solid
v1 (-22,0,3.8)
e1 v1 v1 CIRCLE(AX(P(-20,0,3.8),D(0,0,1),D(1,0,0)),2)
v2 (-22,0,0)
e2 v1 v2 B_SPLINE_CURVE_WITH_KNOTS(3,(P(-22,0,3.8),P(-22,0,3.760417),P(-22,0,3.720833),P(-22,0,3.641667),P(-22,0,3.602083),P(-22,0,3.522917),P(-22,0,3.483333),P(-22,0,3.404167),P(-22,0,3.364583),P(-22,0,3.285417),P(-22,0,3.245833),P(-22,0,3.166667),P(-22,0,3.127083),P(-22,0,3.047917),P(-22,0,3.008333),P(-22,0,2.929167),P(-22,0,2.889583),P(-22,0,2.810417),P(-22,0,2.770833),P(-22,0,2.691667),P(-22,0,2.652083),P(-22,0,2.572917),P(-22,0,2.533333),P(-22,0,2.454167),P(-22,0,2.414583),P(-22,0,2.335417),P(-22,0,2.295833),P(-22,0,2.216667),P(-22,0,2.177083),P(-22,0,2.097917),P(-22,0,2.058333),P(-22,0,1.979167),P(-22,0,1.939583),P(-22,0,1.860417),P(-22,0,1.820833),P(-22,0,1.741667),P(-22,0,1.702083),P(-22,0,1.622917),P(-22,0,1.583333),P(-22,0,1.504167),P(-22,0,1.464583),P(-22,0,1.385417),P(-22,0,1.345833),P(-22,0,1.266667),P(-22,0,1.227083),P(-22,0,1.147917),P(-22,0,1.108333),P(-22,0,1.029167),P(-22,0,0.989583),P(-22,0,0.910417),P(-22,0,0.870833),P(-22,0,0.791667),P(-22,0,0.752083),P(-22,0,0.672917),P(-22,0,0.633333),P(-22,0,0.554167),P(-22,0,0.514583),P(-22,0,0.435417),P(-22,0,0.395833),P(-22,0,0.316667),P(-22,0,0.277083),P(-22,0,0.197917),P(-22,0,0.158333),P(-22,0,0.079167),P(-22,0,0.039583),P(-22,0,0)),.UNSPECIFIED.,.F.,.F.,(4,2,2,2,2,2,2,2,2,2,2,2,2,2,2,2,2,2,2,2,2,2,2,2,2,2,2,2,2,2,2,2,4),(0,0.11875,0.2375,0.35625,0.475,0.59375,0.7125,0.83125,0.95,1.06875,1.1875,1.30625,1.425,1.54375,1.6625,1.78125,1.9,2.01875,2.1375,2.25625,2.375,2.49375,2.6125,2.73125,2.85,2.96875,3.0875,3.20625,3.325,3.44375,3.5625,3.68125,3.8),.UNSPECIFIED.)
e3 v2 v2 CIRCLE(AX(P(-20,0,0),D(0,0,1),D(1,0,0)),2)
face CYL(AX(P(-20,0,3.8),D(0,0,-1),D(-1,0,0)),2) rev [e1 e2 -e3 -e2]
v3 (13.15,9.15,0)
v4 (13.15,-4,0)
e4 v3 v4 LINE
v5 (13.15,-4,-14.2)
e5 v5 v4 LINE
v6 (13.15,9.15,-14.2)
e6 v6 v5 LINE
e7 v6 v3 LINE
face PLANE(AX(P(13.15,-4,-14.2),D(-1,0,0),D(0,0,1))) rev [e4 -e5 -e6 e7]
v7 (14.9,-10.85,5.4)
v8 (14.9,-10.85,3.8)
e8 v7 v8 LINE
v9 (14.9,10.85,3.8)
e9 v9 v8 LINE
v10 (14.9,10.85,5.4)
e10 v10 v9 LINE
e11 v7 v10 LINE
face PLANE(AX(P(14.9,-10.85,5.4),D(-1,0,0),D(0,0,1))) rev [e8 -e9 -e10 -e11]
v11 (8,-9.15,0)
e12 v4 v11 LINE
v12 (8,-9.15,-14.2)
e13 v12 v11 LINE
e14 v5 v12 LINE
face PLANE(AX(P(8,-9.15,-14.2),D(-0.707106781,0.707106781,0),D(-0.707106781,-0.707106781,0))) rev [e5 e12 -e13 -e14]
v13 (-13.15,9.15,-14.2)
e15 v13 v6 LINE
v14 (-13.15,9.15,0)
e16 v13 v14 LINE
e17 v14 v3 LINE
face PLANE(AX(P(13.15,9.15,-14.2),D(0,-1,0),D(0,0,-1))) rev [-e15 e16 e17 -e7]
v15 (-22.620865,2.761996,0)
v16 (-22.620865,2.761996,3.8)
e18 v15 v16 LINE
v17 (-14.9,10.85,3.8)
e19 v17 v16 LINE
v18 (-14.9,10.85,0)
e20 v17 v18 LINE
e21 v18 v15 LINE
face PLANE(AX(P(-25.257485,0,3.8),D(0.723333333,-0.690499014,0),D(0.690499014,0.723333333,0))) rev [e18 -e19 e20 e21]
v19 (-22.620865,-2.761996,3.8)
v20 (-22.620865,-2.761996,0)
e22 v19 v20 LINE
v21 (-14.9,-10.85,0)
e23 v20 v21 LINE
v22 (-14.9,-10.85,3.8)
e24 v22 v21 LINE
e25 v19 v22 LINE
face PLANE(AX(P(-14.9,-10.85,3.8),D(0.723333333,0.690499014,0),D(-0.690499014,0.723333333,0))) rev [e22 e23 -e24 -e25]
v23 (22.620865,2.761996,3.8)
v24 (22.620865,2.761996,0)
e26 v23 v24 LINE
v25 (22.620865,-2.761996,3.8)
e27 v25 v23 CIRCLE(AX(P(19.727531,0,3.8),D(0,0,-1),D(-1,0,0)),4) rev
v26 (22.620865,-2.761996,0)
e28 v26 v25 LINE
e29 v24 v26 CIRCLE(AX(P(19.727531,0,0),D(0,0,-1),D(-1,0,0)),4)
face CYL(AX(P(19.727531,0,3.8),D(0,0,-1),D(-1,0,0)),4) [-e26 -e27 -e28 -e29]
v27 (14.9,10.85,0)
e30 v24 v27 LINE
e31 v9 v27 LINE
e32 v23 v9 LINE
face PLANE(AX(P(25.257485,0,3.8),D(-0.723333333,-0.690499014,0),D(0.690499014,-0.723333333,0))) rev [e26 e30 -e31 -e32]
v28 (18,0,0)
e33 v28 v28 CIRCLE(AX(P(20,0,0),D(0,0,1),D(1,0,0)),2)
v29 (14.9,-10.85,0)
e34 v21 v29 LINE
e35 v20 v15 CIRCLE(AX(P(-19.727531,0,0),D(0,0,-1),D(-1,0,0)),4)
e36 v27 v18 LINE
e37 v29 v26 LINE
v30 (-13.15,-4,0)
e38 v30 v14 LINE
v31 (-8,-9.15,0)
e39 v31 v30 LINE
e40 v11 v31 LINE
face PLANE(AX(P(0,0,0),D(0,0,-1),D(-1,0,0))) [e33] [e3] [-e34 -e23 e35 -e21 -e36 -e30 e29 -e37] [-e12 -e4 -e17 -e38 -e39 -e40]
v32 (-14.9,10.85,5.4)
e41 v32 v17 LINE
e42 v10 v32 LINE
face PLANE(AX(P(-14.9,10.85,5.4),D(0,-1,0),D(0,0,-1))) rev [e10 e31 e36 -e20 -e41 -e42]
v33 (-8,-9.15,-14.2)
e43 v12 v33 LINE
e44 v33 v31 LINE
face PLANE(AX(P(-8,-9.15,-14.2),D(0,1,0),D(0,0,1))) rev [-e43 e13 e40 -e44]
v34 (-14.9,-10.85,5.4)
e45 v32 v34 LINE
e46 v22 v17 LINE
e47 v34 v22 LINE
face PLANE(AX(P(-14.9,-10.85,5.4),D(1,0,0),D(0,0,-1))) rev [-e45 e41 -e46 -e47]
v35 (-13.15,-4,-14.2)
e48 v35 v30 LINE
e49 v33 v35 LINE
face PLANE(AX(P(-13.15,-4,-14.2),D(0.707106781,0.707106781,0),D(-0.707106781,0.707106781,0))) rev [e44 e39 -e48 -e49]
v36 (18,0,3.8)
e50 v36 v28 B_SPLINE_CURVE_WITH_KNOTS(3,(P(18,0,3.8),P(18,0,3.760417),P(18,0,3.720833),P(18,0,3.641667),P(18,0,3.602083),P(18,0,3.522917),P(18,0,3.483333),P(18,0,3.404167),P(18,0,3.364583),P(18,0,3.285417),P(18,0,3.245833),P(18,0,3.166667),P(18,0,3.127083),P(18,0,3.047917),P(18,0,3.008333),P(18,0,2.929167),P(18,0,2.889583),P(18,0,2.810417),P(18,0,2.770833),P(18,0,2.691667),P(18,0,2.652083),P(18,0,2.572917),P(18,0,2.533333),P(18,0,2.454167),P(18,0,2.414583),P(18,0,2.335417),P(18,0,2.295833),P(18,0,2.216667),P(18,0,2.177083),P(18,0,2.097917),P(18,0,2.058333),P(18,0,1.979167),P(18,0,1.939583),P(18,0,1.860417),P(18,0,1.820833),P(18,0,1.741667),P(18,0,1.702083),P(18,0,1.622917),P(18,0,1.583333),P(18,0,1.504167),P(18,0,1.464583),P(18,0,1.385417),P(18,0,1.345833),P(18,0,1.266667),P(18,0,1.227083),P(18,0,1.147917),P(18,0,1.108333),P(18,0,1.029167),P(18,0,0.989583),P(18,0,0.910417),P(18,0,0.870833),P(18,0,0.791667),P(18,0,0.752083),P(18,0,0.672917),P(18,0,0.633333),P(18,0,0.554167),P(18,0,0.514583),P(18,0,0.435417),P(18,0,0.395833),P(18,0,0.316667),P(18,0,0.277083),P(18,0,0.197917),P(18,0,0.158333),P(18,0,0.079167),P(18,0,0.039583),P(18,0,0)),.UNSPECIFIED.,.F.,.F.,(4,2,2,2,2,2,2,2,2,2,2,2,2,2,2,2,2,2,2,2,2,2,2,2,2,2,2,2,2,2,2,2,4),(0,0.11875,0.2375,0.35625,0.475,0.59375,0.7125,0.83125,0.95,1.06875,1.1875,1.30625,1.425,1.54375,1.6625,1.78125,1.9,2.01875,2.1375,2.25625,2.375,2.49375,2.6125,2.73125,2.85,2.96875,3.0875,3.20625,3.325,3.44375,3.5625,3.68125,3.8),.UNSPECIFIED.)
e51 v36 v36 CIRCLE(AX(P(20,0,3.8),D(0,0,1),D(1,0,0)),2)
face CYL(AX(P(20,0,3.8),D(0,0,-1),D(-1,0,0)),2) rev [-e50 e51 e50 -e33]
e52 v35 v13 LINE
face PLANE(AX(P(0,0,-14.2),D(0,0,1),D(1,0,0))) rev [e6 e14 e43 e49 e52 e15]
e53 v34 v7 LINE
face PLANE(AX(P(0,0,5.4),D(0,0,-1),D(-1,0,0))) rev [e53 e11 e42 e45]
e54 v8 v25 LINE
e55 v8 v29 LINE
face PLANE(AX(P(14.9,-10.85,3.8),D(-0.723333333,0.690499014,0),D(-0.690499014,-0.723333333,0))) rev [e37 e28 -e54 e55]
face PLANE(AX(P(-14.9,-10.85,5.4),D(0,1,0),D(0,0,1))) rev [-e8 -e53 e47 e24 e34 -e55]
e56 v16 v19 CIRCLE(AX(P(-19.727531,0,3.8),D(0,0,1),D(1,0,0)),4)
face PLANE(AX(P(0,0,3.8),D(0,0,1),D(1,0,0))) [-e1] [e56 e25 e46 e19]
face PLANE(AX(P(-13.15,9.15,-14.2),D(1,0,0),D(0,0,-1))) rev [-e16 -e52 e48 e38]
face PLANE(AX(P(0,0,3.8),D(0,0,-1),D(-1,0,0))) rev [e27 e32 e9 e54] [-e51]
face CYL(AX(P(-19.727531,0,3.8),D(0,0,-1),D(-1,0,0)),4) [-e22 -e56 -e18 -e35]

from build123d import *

# Parameters (mm, degrees)
SKETCH1_W           = 29.8
SKETCH1_H           = 21.7
BOSS_EXTRUDE1_DEPTH = 5.4
SKETCH2_R           = 2
BOSS_EXTRUDE2_DEPTH = 3.8
FILLET1_R           = 4
BOSS_EXTRUDE3_DEPTH = 14.2


with BuildPart() as part:
    # Sketch1 → Boss-Extrude1 (new body)
    with BuildSketch(Plane.XY):
        Rectangle(SKETCH1_W, SKETCH1_H)
    extrude(amount=BOSS_EXTRUDE1_DEPTH)

    # Sketch2 → Boss-Extrude2 (add)
    # profile 1 of 2: a face of its own
    with BuildSketch(Plane.XY):
        Polygon((14.9, 10.85), (14.9, -10.85), (25.257485216, 0), align=None)
        with Locations(Location((20, 0, 0), (0, 0, 180))):
            Circle(SKETCH2_R, mode=Mode.SUBTRACT)
    # profile 2 of 2: a face of its own
    with BuildSketch(Plane.XY):
        Polygon((-14.9, 10.85), (-14.9, -10.85), (-25.257485216, 0), align=None)
        with Locations(Location((-20, 0, 0), (0, 0, 180))):
            Circle(SKETCH2_R, mode=Mode.SUBTRACT)
    extrude(amount=BOSS_EXTRUDE2_DEPTH)

    # Fillet1
    fillet1_edges = [part.edges().sort_by_distance(p)[0] for p in [
        (25.257485216, 0, 1.9),
        (-25.257485216, 0, 1.9),
    ]]
    fillet(fillet1_edges, radius=FILLET1_R)

    # Sketch3 → Boss-Extrude3 (add)
    with BuildSketch(Plane(origin=(0, 0, 0), x_dir=(-1, 0, 0), z_dir=(0, 0, -1))):
        Polygon((-13.15, 9.15), (13.15, 9.15), (13.15, -4), (8, -9.15), (-8, -9.15), (-13.15, -4), align=None)
    extrude(amount=BOSS_EXTRUDE3_DEPTH)


solid = part.part
